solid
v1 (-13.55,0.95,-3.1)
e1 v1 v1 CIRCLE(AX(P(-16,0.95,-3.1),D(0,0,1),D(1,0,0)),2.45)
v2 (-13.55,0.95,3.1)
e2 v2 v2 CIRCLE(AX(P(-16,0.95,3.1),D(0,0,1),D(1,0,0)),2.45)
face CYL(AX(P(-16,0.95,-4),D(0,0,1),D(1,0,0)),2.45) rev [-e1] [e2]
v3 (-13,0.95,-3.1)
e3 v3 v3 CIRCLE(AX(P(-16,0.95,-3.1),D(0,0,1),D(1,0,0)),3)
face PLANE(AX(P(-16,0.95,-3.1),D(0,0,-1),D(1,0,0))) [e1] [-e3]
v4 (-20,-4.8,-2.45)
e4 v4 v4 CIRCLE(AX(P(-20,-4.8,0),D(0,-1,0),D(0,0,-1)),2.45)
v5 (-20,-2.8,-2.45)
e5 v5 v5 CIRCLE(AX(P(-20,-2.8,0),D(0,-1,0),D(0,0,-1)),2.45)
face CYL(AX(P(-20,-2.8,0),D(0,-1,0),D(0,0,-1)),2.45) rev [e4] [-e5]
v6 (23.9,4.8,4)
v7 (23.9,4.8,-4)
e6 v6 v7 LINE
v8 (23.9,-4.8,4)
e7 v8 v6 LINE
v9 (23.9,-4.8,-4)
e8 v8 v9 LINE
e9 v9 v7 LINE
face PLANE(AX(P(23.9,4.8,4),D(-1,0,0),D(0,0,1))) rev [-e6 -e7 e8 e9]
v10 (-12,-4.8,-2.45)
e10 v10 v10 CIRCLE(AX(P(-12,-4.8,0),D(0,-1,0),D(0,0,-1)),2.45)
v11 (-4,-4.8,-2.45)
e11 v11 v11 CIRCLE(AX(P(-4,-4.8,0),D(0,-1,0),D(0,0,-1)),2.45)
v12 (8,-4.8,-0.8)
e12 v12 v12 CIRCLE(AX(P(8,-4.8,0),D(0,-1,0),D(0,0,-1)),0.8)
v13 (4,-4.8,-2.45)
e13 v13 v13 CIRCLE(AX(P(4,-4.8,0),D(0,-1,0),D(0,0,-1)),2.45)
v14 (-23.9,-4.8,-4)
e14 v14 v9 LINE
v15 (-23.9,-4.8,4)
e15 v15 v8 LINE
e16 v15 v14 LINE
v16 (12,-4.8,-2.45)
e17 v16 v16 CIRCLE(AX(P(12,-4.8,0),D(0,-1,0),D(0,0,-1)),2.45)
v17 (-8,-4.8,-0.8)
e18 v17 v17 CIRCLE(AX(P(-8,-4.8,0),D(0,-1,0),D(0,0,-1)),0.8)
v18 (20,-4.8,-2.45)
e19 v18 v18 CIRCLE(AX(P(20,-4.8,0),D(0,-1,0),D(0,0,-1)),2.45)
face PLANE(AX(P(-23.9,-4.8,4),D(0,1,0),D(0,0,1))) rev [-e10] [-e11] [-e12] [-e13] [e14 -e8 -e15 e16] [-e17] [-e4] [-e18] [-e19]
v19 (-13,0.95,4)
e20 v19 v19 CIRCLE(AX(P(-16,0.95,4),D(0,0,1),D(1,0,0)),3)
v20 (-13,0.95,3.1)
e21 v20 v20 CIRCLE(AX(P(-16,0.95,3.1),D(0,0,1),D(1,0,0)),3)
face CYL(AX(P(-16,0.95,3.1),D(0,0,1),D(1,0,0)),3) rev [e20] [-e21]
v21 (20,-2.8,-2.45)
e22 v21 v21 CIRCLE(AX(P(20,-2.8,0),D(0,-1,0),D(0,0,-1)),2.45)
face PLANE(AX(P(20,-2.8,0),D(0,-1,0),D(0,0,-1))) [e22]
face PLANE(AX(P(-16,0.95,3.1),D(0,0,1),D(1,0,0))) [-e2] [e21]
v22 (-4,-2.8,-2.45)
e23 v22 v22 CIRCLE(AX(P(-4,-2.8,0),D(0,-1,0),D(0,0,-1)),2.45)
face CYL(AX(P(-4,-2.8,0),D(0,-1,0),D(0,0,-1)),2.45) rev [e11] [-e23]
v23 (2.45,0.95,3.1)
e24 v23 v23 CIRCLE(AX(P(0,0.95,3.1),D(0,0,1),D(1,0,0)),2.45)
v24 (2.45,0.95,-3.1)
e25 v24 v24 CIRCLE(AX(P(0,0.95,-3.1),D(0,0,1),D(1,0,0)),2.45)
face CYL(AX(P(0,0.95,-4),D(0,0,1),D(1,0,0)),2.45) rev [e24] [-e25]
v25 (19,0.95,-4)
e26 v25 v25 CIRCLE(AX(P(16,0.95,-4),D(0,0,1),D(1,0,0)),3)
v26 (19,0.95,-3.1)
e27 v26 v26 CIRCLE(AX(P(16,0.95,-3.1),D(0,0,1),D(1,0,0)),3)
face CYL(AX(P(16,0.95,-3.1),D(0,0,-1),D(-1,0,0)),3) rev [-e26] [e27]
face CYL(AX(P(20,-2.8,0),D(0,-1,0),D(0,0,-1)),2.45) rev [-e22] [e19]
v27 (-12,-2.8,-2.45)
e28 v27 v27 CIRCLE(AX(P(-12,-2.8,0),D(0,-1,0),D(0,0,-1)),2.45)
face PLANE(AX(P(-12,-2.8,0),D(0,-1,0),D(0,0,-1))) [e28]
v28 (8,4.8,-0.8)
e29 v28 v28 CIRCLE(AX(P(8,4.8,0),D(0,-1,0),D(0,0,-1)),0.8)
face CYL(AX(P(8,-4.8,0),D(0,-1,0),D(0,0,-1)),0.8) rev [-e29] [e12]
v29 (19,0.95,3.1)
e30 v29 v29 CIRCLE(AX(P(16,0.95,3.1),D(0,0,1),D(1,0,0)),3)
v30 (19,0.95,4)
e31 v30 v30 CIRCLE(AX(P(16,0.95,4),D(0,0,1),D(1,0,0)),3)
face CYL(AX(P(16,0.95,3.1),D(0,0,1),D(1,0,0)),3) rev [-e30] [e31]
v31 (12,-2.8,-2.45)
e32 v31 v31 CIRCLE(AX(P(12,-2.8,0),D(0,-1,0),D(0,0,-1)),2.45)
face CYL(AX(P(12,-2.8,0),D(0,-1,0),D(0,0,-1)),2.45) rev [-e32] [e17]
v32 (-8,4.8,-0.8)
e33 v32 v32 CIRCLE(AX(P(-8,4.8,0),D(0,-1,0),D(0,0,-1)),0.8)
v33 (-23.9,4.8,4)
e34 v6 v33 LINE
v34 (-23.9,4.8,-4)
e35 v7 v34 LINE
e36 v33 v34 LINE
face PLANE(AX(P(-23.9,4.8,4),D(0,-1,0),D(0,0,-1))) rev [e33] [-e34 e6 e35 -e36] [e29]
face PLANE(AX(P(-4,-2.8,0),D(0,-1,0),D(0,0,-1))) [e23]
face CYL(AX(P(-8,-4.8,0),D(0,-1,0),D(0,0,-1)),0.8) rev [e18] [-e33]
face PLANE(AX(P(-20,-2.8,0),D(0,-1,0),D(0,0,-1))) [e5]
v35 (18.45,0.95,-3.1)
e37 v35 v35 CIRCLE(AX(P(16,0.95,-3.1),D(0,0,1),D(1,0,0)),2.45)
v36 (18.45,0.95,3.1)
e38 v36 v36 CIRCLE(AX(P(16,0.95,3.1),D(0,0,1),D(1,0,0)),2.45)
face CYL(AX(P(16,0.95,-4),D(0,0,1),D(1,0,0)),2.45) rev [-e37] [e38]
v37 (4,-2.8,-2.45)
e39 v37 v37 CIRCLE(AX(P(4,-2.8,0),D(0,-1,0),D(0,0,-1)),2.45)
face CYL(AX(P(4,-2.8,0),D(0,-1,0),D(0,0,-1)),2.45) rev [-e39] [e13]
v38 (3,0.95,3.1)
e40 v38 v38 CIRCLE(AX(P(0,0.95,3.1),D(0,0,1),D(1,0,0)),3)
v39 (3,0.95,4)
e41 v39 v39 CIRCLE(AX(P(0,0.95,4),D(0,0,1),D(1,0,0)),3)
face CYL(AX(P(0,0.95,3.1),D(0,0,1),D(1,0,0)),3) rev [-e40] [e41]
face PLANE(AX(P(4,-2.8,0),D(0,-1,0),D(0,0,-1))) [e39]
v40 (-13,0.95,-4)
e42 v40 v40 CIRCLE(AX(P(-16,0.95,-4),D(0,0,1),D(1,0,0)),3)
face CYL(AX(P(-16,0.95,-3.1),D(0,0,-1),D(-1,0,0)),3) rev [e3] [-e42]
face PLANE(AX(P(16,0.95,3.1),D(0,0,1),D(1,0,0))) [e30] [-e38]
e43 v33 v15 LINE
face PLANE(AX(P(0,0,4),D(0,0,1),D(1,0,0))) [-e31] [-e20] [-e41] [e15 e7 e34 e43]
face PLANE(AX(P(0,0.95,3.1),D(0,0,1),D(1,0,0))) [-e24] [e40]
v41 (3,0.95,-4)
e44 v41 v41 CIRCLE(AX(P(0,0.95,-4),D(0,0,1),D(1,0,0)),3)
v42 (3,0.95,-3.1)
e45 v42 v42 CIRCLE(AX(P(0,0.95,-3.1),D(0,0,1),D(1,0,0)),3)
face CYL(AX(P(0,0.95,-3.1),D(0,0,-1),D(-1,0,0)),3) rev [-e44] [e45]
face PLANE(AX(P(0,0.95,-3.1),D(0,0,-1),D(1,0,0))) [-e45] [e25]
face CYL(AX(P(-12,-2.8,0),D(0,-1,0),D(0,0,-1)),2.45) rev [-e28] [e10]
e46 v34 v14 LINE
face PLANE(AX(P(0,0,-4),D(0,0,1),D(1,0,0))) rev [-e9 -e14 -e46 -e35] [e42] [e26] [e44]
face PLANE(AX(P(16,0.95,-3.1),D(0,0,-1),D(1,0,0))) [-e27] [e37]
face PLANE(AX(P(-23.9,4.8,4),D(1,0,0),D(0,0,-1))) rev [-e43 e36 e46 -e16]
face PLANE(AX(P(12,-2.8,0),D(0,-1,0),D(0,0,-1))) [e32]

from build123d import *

# Parameters (mm, degrees)
SKIZZE1_W                       = 47.8
SKIZZE1_H                       = 9.6
AUFSATZ_LINEAR_AUSTRAGEN1_DEPTH = 4
SKIZZE2_R                       = 2.45
SCHNITT_LINEAR_AUSTRAGEN1_DEPTH = 26.656383221
SKIZZE2_3_R                     = 3
SKIZZE2_3_R_2                   = 2.45
SCHNITT_LINEAR_AUSTRAGEN2_DEPTH = 0.9
M2_GEWINDEBOHRUNG1_D            = 1.6
SKIZZE5_R                       = 2.45
SCHNITT_LINEAR_AUSTRAGEN3_DEPTH = 2


with BuildPart() as part:
    # Skizze1 → Aufsatz-Linear austragen1 (new, symmetric)
    with BuildSketch(Plane.XY):
        Rectangle(SKIZZE1_W, SKIZZE1_H)
    extrude(amount=AUFSATZ_LINEAR_AUSTRAGEN1_DEPTH, both=True)

    # Skizze2 → Schnitt-Linear austragen1 (cut, through all)
    with BuildSketch(Plane.XY.offset(4)):
        with Locations((-16, 0.95)):
            Circle(SKIZZE2_R)
        with Locations((0, 0.95)):
            Circle(SKIZZE2_R)
        with Locations((16, 0.95)):
            Circle(SKIZZE2_R)
    extrude(amount=-SCHNITT_LINEAR_AUSTRAGEN1_DEPTH, mode=Mode.SUBTRACT)

    # Skizze2<3> → Schnitt-Linear austragen2 (cut)
    # profile 1 of 3: a face of its own
    with BuildSketch(Plane.XY.offset(4)):
        with Locations((-16, 0.95)):
            Circle(SKIZZE2_3_R)
        with Locations((-16, 0.95)):
            Circle(SKIZZE2_3_R_2, mode=Mode.SUBTRACT)
    # profile 2 of 3: a face of its own
    with BuildSketch(Plane.XY.offset(4)):
        with Locations((0, 0.95)):
            Circle(SKIZZE2_3_R)
        with Locations((0, 0.95)):
            Circle(SKIZZE2_3_R_2, mode=Mode.SUBTRACT)
    # profile 3 of 3: a face of its own
    with BuildSketch(Plane.XY.offset(4)):
        with Locations((16, 0.95)):
            Circle(SKIZZE2_3_R)
        with Locations((16, 0.95)):
            Circle(SKIZZE2_3_R_2, mode=Mode.SUBTRACT)
    schnitt_linear_austragen2 = extrude(amount=-SCHNITT_LINEAR_AUSTRAGEN2_DEPTH, mode=Mode.SUBTRACT)

    # Spiegeln1: Schnitt-Linear austragen2 across plane
    add(schnitt_linear_austragen2.mirror(Plane.XY), mode=Mode.SUBTRACT)

    # M2 Gewindebohrung1 (through all)
    with Locations(Plane(origin=(0, -4.8, 0), x_dir=(-1, 0, 0), z_dir=(0, -1, 0))):
        with Locations((-8, 0), (8, 0)):
            Hole(M2_GEWINDEBOHRUNG1_D / 2)

    # Skizze5 → Schnitt-Linear austragen3 (cut)
    with BuildSketch(Plane.XZ.offset(4.8)):
        with Locations((-20, 0)):
            Circle(SKIZZE5_R)
        with Locations((-4, 0)):
            Circle(SKIZZE5_R)
        with Locations((-12, 0)):
            Circle(SKIZZE5_R)
        with Locations((4, 0)):
            Circle(SKIZZE5_R)
        with Locations((12, 0)):
            Circle(SKIZZE5_R)
        with Locations((20, 0)):
            Circle(SKIZZE5_R)
    extrude(amount=-SCHNITT_LINEAR_AUSTRAGEN3_DEPTH, mode=Mode.SUBTRACT)


solid = part.part
